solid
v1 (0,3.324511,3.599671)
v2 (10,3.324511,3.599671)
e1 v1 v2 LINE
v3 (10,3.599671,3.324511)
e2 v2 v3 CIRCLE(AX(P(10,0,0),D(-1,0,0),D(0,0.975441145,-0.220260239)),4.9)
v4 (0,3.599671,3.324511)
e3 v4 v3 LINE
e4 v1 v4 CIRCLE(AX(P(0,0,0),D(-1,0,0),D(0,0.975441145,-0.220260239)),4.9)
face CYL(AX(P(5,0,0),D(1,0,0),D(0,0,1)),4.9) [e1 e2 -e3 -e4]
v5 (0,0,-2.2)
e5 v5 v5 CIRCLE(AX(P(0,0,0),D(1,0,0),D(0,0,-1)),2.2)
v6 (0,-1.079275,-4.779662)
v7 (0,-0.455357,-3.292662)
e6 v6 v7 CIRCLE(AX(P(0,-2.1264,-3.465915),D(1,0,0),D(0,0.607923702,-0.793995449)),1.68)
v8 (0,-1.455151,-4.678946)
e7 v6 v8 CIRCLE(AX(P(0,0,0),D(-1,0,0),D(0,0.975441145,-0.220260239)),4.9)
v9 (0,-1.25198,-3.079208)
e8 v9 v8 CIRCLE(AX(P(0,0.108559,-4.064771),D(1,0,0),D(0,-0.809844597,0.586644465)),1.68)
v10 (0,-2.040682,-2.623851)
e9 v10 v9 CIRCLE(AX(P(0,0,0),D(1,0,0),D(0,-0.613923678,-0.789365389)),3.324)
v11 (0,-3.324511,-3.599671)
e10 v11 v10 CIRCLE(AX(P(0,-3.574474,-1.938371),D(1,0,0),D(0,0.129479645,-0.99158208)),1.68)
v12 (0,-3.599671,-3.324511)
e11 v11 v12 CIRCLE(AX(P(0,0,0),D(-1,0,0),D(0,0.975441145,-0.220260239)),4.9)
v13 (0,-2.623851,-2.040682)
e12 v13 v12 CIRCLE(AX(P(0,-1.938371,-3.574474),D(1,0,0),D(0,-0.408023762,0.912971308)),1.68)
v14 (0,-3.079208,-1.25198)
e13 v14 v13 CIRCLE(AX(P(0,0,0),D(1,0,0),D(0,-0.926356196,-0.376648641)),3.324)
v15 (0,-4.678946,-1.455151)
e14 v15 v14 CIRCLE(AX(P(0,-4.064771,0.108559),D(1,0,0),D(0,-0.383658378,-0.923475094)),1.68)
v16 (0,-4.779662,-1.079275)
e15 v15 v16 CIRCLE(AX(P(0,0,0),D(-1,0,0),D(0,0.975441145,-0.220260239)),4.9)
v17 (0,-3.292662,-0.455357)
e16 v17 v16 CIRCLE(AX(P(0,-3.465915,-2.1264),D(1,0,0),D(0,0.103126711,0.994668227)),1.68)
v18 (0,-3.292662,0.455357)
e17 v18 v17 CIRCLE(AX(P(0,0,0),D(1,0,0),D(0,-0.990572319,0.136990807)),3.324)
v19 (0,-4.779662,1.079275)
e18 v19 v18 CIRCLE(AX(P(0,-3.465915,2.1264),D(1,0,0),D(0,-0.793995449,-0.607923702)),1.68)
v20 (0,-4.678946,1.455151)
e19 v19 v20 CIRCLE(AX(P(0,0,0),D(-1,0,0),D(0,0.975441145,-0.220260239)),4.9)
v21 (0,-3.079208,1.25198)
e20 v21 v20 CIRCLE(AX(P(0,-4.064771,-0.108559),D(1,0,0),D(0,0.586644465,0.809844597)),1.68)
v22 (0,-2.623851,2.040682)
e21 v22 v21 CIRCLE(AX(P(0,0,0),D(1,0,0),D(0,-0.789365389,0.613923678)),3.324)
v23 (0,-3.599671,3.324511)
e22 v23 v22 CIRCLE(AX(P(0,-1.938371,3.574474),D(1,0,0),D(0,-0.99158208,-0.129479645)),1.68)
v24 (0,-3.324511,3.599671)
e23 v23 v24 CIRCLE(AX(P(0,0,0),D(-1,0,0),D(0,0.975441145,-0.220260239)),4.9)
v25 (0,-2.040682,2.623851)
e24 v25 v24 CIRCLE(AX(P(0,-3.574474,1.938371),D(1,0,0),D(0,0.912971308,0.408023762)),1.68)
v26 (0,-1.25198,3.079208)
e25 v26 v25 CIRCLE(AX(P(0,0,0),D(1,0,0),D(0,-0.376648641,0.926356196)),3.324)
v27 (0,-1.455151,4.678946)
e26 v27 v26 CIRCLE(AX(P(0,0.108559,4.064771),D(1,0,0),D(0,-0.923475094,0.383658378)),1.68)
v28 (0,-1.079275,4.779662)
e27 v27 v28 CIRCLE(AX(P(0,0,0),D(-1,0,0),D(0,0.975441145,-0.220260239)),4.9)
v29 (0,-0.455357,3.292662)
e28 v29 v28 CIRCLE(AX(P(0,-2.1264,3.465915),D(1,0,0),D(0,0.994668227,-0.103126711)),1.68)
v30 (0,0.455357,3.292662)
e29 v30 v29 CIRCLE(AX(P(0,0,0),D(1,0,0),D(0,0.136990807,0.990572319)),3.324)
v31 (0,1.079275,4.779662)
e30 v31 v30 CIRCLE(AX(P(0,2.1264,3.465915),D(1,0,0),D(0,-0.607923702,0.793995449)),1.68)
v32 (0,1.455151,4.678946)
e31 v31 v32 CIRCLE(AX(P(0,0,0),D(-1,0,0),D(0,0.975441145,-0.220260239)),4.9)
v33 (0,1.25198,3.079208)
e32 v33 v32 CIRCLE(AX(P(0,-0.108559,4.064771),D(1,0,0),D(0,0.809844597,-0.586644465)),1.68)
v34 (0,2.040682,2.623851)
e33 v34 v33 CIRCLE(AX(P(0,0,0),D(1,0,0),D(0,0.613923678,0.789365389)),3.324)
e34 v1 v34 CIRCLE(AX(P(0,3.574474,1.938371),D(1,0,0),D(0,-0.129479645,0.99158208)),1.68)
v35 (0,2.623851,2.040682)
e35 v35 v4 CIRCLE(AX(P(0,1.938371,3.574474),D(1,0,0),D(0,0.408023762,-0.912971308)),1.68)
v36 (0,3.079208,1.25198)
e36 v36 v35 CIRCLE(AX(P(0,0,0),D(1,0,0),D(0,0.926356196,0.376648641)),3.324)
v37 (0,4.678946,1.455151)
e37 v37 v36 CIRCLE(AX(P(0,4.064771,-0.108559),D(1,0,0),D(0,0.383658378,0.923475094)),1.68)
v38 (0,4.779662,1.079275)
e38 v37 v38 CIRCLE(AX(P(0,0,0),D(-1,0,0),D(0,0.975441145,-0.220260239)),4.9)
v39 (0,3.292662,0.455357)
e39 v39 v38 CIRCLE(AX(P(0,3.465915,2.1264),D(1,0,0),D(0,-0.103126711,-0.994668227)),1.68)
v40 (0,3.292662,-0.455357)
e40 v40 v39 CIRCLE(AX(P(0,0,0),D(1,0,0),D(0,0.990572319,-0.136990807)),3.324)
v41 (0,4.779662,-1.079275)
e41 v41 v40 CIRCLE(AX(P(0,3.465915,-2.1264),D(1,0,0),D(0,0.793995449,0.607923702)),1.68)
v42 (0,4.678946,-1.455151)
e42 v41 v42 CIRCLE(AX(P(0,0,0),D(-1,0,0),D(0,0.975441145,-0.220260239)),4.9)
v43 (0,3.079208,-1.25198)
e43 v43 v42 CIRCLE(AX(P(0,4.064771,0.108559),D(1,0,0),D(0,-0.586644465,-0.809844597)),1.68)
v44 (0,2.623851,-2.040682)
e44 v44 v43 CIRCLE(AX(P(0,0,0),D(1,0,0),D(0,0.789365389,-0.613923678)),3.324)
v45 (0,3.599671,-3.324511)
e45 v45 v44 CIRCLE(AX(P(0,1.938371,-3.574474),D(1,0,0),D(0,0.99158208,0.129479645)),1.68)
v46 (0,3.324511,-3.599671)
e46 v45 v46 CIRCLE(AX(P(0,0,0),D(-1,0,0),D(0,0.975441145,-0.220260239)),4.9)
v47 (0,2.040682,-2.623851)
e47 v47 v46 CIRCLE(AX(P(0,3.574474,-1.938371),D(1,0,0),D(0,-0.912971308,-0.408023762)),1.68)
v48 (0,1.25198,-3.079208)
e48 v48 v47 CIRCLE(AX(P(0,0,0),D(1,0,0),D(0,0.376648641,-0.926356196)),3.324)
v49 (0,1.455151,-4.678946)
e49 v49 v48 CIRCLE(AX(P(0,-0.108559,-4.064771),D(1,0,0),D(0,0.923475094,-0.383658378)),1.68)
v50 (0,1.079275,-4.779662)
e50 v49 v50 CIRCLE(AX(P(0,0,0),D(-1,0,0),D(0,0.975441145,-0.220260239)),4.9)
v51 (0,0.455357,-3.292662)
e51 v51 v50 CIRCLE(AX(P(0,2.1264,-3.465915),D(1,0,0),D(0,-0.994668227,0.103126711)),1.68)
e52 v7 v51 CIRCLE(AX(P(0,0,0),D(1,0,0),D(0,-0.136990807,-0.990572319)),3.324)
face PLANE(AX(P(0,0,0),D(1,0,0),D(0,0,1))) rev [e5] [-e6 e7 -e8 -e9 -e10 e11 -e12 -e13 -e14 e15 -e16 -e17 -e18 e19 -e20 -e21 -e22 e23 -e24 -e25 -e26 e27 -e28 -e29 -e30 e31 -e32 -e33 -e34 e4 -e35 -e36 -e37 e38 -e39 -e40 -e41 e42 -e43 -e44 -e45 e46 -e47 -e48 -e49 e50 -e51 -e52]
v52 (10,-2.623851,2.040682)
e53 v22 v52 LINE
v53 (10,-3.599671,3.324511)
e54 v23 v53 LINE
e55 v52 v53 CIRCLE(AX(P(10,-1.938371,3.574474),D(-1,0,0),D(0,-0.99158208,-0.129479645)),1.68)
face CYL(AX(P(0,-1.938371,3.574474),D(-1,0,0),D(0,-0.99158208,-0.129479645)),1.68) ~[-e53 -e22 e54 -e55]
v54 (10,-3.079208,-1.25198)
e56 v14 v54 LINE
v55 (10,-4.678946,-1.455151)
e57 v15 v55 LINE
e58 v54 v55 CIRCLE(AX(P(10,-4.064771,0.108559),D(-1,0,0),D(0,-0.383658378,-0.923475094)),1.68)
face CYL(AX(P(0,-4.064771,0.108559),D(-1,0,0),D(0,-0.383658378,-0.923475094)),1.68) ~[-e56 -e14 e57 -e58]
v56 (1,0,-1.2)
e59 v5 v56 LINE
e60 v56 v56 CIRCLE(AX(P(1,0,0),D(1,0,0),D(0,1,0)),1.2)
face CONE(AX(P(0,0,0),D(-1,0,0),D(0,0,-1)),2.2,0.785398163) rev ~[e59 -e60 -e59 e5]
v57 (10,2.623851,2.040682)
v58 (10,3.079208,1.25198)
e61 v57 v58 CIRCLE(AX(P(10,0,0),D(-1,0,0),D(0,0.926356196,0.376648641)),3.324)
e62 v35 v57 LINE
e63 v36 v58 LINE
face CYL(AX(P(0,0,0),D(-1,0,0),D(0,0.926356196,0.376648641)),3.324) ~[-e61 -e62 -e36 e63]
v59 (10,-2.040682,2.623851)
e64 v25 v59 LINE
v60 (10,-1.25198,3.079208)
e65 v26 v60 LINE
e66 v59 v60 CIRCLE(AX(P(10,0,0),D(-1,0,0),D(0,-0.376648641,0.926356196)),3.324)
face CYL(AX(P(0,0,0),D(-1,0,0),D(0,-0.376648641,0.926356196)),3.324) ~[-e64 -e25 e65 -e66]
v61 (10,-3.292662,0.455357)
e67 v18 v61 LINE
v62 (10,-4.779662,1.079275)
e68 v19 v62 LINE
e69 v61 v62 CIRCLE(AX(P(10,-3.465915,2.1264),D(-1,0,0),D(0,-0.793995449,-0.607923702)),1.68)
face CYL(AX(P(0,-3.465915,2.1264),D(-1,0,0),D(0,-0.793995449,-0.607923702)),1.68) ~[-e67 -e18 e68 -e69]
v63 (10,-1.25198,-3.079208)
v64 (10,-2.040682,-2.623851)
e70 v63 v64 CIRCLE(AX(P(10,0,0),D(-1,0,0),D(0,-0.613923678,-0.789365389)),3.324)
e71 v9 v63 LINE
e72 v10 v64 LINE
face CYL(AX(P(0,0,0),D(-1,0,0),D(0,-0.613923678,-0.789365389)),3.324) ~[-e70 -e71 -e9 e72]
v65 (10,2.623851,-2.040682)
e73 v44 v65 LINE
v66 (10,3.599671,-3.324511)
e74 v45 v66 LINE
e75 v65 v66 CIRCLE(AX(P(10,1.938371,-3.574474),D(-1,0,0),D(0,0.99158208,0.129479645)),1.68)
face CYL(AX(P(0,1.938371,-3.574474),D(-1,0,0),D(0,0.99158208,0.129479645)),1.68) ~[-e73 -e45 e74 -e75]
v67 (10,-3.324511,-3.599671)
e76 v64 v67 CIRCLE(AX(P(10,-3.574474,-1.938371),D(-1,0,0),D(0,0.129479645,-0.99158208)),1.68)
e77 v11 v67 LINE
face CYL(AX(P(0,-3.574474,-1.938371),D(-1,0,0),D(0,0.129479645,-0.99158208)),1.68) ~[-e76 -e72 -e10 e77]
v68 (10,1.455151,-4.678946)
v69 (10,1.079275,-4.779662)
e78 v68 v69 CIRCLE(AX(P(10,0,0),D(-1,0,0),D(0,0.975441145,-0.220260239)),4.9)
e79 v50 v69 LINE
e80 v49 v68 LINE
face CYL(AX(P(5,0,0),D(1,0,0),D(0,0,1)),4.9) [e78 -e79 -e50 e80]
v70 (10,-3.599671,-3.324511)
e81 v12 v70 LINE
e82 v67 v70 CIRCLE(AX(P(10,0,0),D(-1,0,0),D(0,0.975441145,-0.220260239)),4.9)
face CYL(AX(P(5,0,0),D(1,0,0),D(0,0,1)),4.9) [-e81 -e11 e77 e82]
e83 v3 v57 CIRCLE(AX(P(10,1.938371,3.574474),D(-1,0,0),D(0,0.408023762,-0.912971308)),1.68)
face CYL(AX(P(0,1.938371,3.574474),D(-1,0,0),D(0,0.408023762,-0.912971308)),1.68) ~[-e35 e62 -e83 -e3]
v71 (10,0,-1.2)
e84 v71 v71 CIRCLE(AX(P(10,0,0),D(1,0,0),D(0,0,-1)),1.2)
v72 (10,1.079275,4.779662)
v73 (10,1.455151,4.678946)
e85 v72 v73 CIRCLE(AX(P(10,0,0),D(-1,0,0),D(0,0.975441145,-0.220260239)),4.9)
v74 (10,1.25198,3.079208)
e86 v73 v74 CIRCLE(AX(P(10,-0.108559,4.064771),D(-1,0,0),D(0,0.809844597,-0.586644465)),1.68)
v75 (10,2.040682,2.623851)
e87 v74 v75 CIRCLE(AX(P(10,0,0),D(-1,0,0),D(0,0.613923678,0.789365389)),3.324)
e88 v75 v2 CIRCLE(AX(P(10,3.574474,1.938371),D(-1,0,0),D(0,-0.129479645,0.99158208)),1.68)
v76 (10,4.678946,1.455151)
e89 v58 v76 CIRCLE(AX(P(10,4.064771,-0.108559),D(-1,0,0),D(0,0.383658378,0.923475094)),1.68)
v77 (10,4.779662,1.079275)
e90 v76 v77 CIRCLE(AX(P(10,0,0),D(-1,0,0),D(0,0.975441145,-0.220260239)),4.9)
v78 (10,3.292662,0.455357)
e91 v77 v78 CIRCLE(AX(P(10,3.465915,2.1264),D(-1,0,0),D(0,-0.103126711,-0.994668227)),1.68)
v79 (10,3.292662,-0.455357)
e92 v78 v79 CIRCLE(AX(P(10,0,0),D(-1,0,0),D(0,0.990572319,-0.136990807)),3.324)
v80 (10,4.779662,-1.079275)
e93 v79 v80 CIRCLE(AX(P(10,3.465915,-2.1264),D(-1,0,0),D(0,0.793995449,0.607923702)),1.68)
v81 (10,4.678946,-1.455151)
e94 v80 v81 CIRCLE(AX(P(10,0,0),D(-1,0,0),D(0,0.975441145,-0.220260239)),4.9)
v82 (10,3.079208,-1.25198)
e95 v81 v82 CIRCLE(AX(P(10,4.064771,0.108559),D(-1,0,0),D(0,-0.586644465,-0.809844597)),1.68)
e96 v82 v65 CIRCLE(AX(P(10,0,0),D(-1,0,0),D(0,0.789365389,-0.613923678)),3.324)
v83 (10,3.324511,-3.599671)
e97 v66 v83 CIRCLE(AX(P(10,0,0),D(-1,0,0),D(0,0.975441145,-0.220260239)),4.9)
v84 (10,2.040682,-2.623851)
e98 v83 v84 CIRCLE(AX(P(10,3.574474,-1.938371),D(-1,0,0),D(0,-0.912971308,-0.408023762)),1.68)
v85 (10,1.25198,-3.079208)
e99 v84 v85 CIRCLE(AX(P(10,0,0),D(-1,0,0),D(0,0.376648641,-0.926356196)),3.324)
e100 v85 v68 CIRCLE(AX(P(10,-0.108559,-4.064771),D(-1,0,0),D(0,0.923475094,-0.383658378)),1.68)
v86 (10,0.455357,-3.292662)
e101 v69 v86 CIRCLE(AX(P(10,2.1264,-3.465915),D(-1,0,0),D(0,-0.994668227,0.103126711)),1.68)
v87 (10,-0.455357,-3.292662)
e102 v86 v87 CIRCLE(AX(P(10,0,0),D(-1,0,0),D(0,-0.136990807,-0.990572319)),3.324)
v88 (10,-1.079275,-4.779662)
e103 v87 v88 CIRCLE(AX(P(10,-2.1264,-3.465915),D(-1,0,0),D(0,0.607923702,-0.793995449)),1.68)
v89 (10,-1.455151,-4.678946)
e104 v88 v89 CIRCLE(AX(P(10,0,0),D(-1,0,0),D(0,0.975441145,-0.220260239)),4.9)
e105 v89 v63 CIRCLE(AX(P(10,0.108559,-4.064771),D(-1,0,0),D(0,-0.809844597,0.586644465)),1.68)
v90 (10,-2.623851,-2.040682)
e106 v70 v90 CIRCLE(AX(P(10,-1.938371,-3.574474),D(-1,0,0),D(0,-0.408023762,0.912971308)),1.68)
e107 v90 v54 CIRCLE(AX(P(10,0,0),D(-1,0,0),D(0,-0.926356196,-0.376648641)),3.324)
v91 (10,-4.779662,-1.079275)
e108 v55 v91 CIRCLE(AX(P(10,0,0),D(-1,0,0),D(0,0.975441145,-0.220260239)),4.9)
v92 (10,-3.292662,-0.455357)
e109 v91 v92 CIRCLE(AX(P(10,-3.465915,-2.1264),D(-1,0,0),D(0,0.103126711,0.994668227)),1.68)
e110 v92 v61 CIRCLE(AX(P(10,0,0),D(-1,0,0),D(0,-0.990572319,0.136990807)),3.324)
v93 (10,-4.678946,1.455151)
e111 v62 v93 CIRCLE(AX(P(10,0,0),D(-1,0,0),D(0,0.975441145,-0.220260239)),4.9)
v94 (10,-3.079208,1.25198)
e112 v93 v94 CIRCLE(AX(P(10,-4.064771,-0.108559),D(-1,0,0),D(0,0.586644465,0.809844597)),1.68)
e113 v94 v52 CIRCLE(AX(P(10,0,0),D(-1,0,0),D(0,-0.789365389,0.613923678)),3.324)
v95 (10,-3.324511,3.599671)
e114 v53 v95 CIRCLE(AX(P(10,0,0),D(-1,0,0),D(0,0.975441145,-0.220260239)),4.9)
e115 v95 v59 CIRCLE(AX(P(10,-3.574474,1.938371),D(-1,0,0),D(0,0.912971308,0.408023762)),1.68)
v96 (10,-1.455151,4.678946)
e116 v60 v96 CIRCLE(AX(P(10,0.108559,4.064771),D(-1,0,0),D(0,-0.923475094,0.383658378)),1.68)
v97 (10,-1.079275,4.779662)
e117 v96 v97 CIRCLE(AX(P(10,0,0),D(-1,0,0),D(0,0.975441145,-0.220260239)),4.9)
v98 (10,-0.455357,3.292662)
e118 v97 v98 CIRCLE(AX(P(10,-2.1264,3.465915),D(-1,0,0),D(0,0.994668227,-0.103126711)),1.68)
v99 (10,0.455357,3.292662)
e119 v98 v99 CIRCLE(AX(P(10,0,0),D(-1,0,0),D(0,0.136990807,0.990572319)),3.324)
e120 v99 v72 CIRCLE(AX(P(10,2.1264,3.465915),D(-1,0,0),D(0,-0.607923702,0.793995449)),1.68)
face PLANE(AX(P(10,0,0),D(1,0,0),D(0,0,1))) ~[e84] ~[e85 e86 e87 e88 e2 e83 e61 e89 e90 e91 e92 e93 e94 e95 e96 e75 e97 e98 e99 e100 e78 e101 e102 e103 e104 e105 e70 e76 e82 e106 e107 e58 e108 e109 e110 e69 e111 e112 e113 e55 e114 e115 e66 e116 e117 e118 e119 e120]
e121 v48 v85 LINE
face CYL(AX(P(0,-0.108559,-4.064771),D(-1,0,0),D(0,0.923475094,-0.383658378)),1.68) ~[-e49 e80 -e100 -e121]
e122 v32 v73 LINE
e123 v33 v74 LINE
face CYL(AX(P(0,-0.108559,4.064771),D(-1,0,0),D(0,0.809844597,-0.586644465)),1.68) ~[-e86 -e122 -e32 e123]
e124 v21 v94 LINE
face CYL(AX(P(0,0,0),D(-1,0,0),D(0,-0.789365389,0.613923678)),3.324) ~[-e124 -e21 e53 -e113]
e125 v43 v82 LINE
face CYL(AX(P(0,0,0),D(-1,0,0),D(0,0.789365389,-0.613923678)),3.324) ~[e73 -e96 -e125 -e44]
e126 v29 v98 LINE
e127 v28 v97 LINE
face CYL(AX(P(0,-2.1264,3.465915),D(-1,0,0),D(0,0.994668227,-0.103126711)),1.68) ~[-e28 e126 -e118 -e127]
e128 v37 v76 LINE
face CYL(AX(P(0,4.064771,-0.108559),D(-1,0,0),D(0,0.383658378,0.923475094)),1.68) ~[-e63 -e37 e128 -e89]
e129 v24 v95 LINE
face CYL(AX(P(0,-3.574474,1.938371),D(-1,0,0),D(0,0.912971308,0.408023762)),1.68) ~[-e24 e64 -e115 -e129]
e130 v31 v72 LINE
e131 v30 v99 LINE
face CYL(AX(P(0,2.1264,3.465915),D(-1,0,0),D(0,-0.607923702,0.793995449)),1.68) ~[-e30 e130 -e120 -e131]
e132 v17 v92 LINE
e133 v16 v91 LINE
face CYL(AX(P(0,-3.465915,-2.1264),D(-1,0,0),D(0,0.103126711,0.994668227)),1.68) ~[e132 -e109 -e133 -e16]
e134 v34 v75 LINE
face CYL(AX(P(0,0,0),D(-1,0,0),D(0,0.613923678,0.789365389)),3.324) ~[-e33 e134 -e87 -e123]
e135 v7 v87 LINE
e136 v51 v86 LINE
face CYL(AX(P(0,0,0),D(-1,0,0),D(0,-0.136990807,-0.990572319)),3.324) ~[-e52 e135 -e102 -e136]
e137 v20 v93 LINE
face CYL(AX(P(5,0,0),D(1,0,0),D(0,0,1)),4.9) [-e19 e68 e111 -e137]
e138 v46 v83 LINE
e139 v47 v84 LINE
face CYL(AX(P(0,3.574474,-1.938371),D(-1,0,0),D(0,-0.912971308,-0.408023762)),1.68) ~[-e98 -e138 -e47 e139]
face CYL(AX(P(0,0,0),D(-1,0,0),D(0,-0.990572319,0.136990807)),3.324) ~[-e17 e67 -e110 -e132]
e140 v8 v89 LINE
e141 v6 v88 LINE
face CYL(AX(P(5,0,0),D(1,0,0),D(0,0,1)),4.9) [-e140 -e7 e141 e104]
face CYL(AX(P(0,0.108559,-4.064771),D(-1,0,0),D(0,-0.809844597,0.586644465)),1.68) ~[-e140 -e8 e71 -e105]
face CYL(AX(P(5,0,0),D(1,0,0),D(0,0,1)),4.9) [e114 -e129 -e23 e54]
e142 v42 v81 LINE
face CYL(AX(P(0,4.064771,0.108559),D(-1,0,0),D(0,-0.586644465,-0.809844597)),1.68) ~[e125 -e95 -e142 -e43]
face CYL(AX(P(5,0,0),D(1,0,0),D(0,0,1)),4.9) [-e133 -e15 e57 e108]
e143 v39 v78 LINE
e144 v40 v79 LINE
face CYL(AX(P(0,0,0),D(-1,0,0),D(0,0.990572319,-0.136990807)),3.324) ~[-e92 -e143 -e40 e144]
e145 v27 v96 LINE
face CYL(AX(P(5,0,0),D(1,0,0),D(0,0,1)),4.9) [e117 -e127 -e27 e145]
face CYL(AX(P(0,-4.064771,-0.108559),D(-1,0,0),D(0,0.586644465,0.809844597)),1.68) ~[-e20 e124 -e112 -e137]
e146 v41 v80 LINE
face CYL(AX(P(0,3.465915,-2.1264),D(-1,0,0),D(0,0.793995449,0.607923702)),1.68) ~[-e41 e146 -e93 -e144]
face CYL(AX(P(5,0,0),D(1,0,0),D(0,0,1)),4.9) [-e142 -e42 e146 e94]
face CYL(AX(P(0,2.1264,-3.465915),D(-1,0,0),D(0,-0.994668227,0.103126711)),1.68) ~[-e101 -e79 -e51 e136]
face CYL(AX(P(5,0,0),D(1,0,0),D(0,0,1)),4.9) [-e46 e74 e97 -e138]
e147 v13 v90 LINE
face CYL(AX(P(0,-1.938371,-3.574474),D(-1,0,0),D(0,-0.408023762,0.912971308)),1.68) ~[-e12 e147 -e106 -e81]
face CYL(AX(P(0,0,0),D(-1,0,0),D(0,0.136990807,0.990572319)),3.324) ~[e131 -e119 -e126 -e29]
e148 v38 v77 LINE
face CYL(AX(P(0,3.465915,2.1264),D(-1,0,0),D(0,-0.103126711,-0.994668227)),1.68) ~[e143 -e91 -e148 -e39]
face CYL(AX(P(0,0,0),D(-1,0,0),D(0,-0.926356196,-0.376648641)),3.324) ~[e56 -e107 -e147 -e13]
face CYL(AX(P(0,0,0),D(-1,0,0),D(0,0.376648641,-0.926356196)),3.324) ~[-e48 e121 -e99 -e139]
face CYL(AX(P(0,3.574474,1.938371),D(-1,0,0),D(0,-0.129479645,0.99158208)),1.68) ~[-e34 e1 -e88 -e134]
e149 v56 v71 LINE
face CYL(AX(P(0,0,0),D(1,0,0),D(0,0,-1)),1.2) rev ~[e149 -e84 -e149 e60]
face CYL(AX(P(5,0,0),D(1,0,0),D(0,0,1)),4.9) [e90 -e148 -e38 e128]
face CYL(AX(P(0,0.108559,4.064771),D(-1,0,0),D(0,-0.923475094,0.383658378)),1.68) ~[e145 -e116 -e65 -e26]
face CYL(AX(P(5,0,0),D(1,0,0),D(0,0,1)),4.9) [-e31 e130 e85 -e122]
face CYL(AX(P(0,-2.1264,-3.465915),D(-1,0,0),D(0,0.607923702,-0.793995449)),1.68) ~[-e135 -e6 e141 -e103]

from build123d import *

# Parameters (mm, degrees)
BASPROSKE_W                                     = 10
BASPROSKE_H                                     = 4.9
TOOTHCUT_DEPTH                                  = 13.166347028
TEETHCUTS_COUNT                                 = 12
TEETHCUTS_ANGLE                                 = 330
BORSKE_R                                        = 0.5
BORE_DEPTH                                      = 50.0000508
SKETCH2_R                                       = 1
CUT_EXTRUDE1_DEPTH                              = 13.070224944
CSK_FOR_M2_FLAT_HEAD_MACHINE_SCREW1_D           = 2.4
CSK_FOR_M2_FLAT_HEAD_MACHINE_SCREW1_CSINK_D     = 4.4
CSK_FOR_M2_FLAT_HEAD_MACHINE_SCREW1_CSINK_ANGLE = 90


with BuildPart() as part:
    # BasProSke → Base-Revolve (revolve)
    with BuildSketch(Plane(origin=(0, 0, 0), x_dir=(1, 0, 0), z_dir=(0, 1, 0)), mode=Mode.PRIVATE) as base_revolve_sk:
        with Locations((5, 2.45)):
            Rectangle(BASPROSKE_W, BASPROSKE_H)
    revolve(base_revolve_sk.sketch.rotate(Axis((-10, 0, 0), (1, 0, 0)), 180), axis=Axis((-10, 0, 0), (1, 0, 0)))

    # TooCutSke → ToothCut (cut, through all)
    with BuildSketch(Plane(origin=(0, 0, 0), x_dir=(0, 0, -1), z_dir=(1, 0, 0))):
        with BuildLine():
            ThreePointArc((0.45535744, 3.292662388), (0, 3.324), (-0.45535744, 3.292662388))
            ThreePointArc((-0.45535744, 3.292662388), (-0.583649315, 4.130986789), (-1.105088241, 4.799827615))
            ThreePointArc((-1.105088241, 4.799827615), (0, 4.9254), (1.105088241, 4.799827615))
            ThreePointArc((1.105088241, 4.799827615), (0.583649315, 4.130986789), (0.45535744, 3.292662388))
        make_face()
    toothcut = extrude(amount=TOOTHCUT_DEPTH, mode=Mode.SUBTRACT)

    # TeethCuts: ToothCut ×12 about axis
    teethcuts_axis = Axis((-10, 0, 0), (1, 0, 0))
    for i in range(1, TEETHCUTS_COUNT):
        add(toothcut.rotate(teethcuts_axis, i * TEETHCUTS_ANGLE / (TEETHCUTS_COUNT - 1)), mode=Mode.SUBTRACT)

    # BorSke → Bore (cut, symmetric)
    with BuildSketch(Plane(origin=(0, 0, 0), x_dir=(0, 0, -1), z_dir=(1, 0, 0))):
        with Locations(Location((0, 0, 0), (0, 0, 180))):
            Circle(BORSKE_R)
    extrude(amount=BORE_DEPTH, both=True, mode=Mode.SUBTRACT)

    # Sketch2 → Cut-Extrude1 (cut, through all)
    with BuildSketch(Plane.ZY):
        Circle(SKETCH2_R)
    extrude(amount=-CUT_EXTRUDE1_DEPTH, mode=Mode.SUBTRACT)

    # CSK for M2 Flat Head Machine Screw1 (through all)
    with Locations(Plane.ZY):
        with Locations((0, 0)):
            CounterSinkHole(CSK_FOR_M2_FLAT_HEAD_MACHINE_SCREW1_D / 2, CSK_FOR_M2_FLAT_HEAD_MACHINE_SCREW1_CSINK_D / 2, counter_sink_angle=CSK_FOR_M2_FLAT_HEAD_MACHINE_SCREW1_CSINK_ANGLE)


solid = part.part
